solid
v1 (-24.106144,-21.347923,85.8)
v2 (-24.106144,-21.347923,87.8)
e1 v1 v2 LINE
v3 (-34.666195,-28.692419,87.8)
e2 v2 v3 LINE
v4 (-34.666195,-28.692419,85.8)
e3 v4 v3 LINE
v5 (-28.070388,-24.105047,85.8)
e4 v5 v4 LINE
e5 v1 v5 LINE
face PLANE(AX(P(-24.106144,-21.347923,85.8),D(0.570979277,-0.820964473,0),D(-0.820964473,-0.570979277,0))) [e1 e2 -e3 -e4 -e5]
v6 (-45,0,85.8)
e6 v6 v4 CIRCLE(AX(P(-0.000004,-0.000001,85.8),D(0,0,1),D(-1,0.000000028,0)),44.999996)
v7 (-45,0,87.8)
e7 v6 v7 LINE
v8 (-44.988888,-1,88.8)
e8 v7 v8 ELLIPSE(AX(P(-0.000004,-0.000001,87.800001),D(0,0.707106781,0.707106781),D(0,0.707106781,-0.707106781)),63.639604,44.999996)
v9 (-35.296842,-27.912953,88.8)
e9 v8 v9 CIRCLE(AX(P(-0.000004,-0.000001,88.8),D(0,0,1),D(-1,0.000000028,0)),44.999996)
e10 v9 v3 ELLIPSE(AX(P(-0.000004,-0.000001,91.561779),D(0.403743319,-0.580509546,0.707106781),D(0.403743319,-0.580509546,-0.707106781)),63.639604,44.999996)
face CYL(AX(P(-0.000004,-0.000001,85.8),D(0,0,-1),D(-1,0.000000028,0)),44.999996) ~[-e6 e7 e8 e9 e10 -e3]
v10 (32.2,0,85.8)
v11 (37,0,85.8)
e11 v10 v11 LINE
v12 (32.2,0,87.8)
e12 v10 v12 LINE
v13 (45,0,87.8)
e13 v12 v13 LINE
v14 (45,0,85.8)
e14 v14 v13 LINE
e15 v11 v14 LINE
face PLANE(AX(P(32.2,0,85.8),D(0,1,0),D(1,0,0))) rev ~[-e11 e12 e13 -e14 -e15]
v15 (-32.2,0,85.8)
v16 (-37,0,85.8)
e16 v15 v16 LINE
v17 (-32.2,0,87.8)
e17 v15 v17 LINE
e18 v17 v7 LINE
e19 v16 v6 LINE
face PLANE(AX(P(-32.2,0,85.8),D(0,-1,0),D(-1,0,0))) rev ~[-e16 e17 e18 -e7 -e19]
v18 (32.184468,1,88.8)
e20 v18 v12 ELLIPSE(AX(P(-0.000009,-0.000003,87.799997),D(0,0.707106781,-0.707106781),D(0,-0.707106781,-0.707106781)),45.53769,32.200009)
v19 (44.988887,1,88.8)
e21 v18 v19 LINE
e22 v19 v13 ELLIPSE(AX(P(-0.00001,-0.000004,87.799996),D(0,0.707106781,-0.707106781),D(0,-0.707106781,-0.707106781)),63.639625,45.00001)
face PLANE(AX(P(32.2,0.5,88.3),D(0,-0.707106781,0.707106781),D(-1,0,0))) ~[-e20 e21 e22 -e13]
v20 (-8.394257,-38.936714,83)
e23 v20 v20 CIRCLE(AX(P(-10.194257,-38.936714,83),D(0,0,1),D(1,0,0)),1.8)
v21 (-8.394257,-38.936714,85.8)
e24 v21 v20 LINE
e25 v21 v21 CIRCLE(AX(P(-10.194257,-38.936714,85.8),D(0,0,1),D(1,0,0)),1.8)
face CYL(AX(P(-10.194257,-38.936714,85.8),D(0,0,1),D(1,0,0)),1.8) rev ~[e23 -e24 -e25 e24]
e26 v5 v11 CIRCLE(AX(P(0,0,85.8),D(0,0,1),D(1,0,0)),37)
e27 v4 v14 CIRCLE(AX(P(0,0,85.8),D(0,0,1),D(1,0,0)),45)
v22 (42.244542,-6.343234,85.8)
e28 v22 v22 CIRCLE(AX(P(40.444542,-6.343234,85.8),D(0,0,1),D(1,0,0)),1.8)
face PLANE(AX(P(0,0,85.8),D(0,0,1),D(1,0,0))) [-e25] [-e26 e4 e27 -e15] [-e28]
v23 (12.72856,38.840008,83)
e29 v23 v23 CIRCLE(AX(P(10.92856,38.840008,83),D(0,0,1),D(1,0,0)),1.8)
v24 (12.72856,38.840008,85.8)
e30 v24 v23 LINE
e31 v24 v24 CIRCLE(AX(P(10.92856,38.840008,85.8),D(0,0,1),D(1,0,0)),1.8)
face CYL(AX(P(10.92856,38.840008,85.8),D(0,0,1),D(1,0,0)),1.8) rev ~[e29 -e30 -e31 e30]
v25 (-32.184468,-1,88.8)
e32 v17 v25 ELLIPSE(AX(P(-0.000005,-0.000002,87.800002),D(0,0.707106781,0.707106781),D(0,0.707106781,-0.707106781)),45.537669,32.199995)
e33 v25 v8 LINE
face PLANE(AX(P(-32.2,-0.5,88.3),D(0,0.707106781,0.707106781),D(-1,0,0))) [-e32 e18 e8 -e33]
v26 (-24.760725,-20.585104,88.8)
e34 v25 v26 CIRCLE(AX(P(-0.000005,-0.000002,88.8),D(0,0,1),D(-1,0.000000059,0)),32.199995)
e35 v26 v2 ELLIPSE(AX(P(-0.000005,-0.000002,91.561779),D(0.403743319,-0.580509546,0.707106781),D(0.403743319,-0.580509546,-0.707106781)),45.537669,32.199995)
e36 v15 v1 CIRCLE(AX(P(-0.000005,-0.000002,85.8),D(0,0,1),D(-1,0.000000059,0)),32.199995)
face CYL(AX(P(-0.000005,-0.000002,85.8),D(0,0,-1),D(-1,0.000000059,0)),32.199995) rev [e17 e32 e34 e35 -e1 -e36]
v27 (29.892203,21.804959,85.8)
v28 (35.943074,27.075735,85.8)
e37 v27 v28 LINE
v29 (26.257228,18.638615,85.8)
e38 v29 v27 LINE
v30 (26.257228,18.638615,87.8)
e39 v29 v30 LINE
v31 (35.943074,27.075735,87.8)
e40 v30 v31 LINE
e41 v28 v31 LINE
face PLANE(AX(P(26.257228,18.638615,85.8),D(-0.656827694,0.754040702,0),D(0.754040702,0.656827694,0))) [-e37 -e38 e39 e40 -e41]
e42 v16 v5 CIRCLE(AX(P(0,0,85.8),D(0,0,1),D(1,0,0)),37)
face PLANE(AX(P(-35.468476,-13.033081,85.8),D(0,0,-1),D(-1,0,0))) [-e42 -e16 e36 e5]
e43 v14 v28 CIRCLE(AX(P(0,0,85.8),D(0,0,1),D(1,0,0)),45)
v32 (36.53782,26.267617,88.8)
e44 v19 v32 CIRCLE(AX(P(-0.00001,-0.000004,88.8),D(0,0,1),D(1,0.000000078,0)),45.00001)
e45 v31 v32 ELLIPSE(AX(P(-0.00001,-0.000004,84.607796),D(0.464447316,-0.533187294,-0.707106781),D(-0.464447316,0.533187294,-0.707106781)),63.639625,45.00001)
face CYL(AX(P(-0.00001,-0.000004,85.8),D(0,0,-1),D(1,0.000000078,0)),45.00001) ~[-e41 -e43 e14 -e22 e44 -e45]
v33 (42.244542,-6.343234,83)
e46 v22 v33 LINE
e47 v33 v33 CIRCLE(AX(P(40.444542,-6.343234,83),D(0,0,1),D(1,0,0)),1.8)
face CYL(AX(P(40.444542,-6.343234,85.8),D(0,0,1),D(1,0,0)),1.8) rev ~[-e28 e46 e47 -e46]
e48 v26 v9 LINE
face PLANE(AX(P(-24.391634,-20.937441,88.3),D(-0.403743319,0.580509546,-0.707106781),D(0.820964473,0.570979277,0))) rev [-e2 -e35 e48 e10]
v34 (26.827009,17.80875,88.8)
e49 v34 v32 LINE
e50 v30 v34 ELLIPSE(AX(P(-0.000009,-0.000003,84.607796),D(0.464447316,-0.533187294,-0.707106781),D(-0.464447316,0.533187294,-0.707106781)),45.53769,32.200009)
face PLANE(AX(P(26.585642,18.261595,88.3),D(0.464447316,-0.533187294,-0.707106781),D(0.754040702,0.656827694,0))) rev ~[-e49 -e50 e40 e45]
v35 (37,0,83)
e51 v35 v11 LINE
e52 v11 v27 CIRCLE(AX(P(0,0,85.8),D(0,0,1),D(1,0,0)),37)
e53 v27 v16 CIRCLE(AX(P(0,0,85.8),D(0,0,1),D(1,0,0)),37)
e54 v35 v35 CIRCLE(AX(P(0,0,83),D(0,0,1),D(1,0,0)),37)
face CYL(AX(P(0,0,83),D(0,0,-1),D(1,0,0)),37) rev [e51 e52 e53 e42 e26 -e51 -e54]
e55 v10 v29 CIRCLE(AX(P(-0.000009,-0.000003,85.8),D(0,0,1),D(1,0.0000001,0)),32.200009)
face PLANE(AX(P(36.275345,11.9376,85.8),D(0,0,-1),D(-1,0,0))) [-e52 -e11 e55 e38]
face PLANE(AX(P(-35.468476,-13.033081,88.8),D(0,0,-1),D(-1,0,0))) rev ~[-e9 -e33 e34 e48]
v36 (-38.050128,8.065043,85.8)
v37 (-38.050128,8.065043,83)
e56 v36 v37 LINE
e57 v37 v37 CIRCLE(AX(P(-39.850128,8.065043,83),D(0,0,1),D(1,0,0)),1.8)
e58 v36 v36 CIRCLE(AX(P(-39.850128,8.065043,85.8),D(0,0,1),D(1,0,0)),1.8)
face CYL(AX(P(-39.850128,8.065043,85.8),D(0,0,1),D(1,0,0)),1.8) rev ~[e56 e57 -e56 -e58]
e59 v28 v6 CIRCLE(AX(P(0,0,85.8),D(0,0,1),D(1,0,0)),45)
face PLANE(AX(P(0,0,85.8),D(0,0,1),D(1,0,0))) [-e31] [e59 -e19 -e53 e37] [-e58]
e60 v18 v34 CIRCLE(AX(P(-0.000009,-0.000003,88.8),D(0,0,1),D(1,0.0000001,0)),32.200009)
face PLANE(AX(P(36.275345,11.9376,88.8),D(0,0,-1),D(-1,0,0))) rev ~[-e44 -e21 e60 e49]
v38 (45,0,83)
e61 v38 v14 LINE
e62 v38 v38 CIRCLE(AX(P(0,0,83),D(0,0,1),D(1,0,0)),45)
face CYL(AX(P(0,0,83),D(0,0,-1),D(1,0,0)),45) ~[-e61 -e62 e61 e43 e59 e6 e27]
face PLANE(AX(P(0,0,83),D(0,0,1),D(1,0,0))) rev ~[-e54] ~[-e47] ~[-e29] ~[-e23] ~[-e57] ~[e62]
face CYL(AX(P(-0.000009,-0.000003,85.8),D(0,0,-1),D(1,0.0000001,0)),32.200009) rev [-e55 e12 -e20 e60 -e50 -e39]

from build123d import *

# Parameters (mm, degrees)
CYLINDER009_R     = 37
CYLINDER009_DEPTH = 2.8
CYLINDER010_R     = 45
CYLINDER010_DEPTH = 2.8
SKETCH005_R       = 1.8
POCKET003_DEPTH   = 5
PAD_DEPTH         = 3
CHAMFER_SIZE      = 1
CHAMFER001_SIZE   = 1
CHAMFER002_SIZE   = 1
CHAMFER003_SIZE   = 1


with BuildPart() as cylinder009:
    # Cylinder009 → Cylinder009 (new body)
    with BuildSketch(Plane.XY.offset(83)):
        Circle(CYLINDER009_R)
    extrude(amount=CYLINDER009_DEPTH)


with BuildPart() as chamfer003:
    # Cylinder010 → Cylinder010 (new body)
    with BuildSketch(Plane.XY.offset(83)):
        Circle(CYLINDER010_R)
    extrude(amount=CYLINDER010_DEPTH)

    # Cut008: cut Cylinder009
    add(cylinder009.part, mode=Mode.SUBTRACT)

    # Sketch005 → Pocket003 (cut)
    with BuildSketch(Plane.XY.offset(85.8)):
        with Locations((10.92856, 38.840008)):
            Circle(SKETCH005_R)
        with Locations((40.444542, -6.343234)):
            Circle(SKETCH005_R)
        with Locations((-10.194257, -38.936714)):
            Circle(SKETCH005_R)
        with Locations((-39.850128, 8.065043)):
            Circle(SKETCH005_R)
    extrude(amount=-POCKET003_DEPTH, mode=Mode.SUBTRACT)

    # Sketch006 → Pad (new body)
    with BuildSketch(Plane.XY.offset(85.8)):
        with BuildLine():
            ThreePointArc((32.2, 0), (30.678353, 9.781545), (26.257228, 18.638615))
            Line((26.257228, 18.638615), (35.943074, 27.075735))
            ThreePointArc((45, 0), (42.675744, 14.275182), (35.943074, 27.075735))
            Line((32.2, 0), (45, 0))
        make_face()
        with BuildLine():
            ThreePointArc((-32.2, 0), (-30.108619, -11.415388), (-24.106144, -21.347923))
            Line((-24.106144, -21.347923), (-34.666195, -28.692419))
            ThreePointArc((-45, 0), (-42.337801, -15.248299), (-34.666195, -28.692419))
            Line((-32.2, 0), (-45, 0))
        make_face()
    extrude(amount=PAD_DEPTH)

    # Chamfer
    chamfer_edges = [chamfer003.edges().sort_by_distance(p)[0] for p in [
        (-38.6, 0, 88.8),
    ]]
    chamfer(chamfer_edges, length=CHAMFER_SIZE)

    # Chamfer001
    chamfer001_edges = [chamfer003.edges().sort_by_distance(p)[0] for p in [
        (-29.38617, -25.020171, 88.8),
    ]]
    chamfer(chamfer001_edges, length=CHAMFER001_SIZE)

    # Chamfer002
    chamfer002_edges = [chamfer003.edges().sort_by_distance(p)[0] for p in [
        (31.100151, 22.857175, 88.8),
    ]]
    chamfer(chamfer002_edges, length=CHAMFER002_SIZE)

    # Chamfer003
    chamfer003_edges = [chamfer003.edges().sort_by_distance(p)[0] for p in [
        (38.6, 0, 88.8),
    ]]
    chamfer(chamfer003_edges, length=CHAMFER003_SIZE)


solid = chamfer003.part
